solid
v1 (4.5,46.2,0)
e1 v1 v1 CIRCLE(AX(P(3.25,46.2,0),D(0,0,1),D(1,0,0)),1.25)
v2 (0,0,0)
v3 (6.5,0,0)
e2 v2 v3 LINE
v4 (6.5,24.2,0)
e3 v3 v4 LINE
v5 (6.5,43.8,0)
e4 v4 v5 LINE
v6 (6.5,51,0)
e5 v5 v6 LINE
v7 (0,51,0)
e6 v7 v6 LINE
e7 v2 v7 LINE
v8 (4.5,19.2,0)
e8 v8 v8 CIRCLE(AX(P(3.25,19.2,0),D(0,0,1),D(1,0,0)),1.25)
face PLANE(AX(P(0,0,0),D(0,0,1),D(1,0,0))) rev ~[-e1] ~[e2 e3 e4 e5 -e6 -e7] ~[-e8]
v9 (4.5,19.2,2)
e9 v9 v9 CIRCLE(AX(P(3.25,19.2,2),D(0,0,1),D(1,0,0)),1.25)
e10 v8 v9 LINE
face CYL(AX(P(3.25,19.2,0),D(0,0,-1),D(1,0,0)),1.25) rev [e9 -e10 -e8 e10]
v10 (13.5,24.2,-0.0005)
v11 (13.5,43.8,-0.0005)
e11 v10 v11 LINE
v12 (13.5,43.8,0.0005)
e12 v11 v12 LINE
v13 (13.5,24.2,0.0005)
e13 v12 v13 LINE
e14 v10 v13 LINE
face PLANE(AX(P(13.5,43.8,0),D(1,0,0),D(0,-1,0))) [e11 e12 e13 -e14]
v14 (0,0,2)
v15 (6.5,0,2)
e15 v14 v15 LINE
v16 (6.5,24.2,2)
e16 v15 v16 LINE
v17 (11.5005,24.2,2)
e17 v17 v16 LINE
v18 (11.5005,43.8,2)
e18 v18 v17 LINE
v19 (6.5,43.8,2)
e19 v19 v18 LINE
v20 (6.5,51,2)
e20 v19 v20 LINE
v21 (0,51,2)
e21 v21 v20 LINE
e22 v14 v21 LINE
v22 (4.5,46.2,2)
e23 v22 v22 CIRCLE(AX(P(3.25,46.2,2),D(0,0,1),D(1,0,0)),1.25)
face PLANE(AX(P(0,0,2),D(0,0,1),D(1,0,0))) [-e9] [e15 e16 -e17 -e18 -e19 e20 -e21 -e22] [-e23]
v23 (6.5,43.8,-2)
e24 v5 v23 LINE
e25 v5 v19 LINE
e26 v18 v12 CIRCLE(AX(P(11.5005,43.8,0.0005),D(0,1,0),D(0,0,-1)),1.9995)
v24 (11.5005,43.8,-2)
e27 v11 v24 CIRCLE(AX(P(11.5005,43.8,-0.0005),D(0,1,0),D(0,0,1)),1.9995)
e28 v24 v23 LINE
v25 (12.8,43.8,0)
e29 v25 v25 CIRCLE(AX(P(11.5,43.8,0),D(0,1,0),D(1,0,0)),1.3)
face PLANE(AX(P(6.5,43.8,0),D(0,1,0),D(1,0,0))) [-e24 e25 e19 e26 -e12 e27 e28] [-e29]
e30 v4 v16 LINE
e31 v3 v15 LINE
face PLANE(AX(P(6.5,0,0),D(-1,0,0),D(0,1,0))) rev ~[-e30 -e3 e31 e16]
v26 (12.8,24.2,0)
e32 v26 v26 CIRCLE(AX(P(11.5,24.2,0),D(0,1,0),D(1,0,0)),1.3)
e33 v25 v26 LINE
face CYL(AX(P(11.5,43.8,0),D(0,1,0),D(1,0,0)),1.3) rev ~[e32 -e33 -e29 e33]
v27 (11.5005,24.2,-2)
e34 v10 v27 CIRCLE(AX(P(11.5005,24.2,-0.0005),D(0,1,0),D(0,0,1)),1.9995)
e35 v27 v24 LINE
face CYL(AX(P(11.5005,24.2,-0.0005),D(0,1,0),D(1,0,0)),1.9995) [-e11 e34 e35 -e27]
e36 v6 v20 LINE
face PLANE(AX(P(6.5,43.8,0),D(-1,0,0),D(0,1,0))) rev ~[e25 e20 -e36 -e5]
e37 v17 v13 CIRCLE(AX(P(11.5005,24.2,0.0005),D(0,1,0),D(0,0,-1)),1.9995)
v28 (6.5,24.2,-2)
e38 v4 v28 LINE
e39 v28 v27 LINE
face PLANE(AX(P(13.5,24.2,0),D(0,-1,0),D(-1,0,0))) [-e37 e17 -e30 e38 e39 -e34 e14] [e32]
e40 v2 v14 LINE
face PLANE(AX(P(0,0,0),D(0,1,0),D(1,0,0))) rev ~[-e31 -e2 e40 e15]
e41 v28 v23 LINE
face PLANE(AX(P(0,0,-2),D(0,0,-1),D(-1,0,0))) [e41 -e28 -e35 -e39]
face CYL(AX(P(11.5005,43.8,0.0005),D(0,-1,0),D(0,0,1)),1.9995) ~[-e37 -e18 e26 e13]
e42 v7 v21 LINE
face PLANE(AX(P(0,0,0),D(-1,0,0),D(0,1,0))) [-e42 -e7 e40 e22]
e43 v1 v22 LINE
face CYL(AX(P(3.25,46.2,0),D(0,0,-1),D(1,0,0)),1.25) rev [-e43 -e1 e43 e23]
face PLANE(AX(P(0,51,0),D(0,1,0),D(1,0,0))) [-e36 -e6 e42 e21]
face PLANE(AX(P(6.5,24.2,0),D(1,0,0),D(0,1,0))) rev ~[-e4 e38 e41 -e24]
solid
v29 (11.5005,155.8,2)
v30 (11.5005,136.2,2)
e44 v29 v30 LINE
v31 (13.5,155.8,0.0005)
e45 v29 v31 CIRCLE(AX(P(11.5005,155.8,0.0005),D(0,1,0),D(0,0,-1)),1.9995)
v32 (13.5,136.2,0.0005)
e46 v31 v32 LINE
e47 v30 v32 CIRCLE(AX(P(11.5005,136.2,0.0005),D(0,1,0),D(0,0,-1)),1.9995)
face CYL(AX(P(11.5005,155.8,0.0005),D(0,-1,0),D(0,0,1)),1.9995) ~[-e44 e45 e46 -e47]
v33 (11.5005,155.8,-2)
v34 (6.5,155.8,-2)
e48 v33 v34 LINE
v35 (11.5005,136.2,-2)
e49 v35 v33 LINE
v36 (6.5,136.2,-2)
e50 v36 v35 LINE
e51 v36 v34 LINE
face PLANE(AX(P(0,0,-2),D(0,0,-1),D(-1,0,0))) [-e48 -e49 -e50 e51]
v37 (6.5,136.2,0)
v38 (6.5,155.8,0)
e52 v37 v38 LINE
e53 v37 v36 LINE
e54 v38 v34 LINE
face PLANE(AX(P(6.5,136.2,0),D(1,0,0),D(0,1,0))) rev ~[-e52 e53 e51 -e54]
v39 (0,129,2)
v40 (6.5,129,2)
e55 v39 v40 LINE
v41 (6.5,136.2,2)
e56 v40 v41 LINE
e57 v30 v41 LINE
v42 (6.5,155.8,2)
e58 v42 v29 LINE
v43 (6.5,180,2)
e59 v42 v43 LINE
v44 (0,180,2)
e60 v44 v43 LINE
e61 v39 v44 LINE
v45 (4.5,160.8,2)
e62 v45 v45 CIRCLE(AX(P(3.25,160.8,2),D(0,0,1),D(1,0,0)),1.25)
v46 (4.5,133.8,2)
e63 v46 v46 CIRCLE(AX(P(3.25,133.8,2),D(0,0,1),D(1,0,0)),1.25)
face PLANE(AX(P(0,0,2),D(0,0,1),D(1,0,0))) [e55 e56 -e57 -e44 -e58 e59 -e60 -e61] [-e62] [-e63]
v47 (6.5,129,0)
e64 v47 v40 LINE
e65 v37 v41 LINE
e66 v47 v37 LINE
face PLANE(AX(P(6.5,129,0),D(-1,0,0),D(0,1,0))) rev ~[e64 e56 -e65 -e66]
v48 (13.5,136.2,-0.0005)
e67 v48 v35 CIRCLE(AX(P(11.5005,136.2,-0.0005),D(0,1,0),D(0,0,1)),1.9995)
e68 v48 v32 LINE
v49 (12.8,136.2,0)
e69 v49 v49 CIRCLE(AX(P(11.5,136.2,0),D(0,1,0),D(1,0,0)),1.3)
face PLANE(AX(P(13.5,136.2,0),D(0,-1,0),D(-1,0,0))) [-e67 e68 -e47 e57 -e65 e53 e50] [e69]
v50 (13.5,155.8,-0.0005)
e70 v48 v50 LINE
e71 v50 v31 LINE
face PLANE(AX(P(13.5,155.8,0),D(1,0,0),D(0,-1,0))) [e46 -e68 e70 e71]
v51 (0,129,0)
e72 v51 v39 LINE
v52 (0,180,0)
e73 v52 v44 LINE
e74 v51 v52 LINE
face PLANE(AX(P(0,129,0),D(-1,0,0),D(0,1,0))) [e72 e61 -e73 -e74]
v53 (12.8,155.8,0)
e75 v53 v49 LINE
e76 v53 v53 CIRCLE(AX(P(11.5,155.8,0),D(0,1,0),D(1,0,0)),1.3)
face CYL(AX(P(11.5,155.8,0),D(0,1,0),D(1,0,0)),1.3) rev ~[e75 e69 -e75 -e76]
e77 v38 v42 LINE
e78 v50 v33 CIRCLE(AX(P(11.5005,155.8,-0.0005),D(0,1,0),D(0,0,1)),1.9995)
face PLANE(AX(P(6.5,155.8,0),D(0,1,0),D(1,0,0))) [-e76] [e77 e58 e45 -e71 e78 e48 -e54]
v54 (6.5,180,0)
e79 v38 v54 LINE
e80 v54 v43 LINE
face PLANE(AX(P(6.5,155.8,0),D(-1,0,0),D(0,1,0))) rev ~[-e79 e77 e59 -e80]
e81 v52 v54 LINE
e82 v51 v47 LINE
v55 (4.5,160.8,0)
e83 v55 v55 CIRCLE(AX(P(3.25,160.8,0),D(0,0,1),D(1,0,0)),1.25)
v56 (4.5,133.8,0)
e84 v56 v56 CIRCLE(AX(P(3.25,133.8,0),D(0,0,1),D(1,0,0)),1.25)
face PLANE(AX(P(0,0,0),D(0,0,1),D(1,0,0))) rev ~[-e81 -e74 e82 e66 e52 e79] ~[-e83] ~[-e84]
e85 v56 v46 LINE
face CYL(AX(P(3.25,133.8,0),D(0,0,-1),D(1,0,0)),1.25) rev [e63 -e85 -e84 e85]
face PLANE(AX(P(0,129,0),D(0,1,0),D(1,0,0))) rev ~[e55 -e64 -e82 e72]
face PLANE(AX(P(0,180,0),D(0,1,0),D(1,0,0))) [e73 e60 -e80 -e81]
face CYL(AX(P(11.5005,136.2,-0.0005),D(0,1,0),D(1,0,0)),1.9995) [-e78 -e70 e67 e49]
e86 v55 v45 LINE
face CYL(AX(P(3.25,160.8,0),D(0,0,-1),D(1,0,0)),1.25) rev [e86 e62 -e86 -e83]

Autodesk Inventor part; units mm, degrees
ref_plane "YZ Plane" through (0, 0, 0) normal (1, 0, 0) x (0, 1, 0)
ref_plane "XZ Plane" through (0, 0, 0) normal (0, 1, 0) x (-1, 0, 0)
ref_plane "XY Plane" through (0, 0, 0) normal (0, 0, 1) x (1, 0, 0)
sketch "Sketch1" plane through (0, 0, 0) normal (0, 0, 1) x (1, 0, 0)
  circle A0 centre (3.25, 19.2) radius 1.25 projected
  circle A1 centre (3.25, 46.2) radius 1.25 projected
  circle A2 centre (3.25, 133.8) radius 1.25 projected
  circle A3 centre (3.25, 160.8) radius 1.25 projected
  line L0 (0, 0) -> (6.5, 0) projected
  line L1 (6.5, 0) -> (6.5, 180) projected
  line L2 (0, 180) -> (6.5, 180) projected
  line L3 (0, 0) -> (0, 180) projected
  line L4 (6.5, 180) -> (0, 180)
  line L5 (0, 180) -> (0, 129)
  line L6 (0, 129) -> (6.5, 129)
  line L7 (6.5, 129) -> (6.5, 180)
  line L8 (6.5, 0) -> (0, 0)
  line L9 (0, 0) -> (0, 51)
  line L10 (0, 51) -> (6.5, 51)
  line L11 (6.5, 51) -> (6.5, 0)
  line L12 (6.5, 155.8) -> (13.5, 155.8)
  line L13 (13.5, 155.8) -> (13.5, 136.2)
  line L14 (13.5, 136.2) -> (6.5, 136.2)
  line L15 (6.5, 136.2) -> (6.5, 155.8)
  line L16 (6.5, 43.8) -> (13.5, 43.8)
  line L17 (13.5, 43.8) -> (13.5, 24.2)
  line L18 (13.5, 24.2) -> (6.5, 24.2)
  line L19 (6.5, 24.2) -> (6.5, 43.8)
  dimension "d0" = 51
  dimension "d1" = 51
  dimension "d2" = 7
  dimension "d3" = 19.6
  dimension "d4" = 24.2
  dimension "d5" = 7
  dimension "d6" = 19.6
  dimension "d7" = 24.2
extrude "Extrusion1" add sketch "Sketch1" along normal blind 2 contours L3 L10 L1 L0 | L1 L16 L17 L18 | L3 L2 L1 L6 | L1 L12 L13 L14
sketch "Sketch2" plane through (0, 0, 0) normal (0, 0, -1) x (-1, 0, 0)
  line L0 (0, 51) -> (0, 0) projected
  line L1 (-6.5, 51) -> (0, 51) projected
  line L2 (-6.5, 43.8) -> (-6.5, 51) projected
  line L3 (-13.5, 43.8) -> (-6.5, 43.8) projected
  line L4 (-13.5, 24.2) -> (-13.5, 43.8) projected
  line L5 (-6.5, 24.2) -> (-13.5, 24.2) projected
  line L6 (-6.5, 0) -> (-6.5, 24.2) projected
  line L7 (0, 0) -> (-6.5, 0) projected
  circle A0 centre (-3.25, 19.2) radius 1.25 projected
  circle A1 centre (-3.25, 46.2) radius 1.25 projected
  line L8 (-6.5, 129) -> (-6.5, 136.2) projected
  line L9 (0, 129) -> (-6.5, 129) projected
  line L10 (0, 180) -> (0, 129) projected
  line L11 (-6.5, 180) -> (0, 180) projected
  line L12 (-6.5, 155.8) -> (-6.5, 180) projected
  line L13 (-13.5, 155.8) -> (-6.5, 155.8) projected
  line L14 (-13.5, 136.2) -> (-13.5, 155.8) projected
  line L15 (-6.5, 136.2) -> (-13.5, 136.2) projected
  circle A2 centre (-3.25, 133.8) radius 1.25 projected
  circle A3 centre (-3.25, 160.8) radius 1.25 projected
  line L16 (-6.5, 136.2) -> (-6.5, 155.8)
  line L17 (-6.5, 24.2) -> (-6.5, 43.8)
extrude "Extrusion2" add sketch "Sketch2" along normal blind 2 contours L17 L5 L4 L3 | L15 L14 L13 L16
fillet "Fillet1" radius 2 4 edges at (13.5, 34, -2) (13.5, 34, 2) (13.5, 146, -2) (13.5, 146, 2)
sketch "Sketch3" plane through (6.5, 155.8, 0) normal (0, 1, 0) x (1, 0, 0)
  circle A0 centre (5, 0) radius 1.3
  arc A1 (5, -2) -> (5, 2) centre (5, 0) ccw projected
  point P0 (-6.5, 0)
  dimension "d13" = 2.6
extrude "Extrusion3" cut sketch "Sketch3" against normal blind 20
sketch "Sketch4" plane through (6.5, 43.8, 0) normal (0, 1, 0) x (1, 0, 0)
  circle A0 centre (5, 0) radius 1.3 projected
  point P0 (-6.5, 0)
extrude "Extrusion4" cut sketch "Sketch4" against normal blind 20
properties part number "mocowaniedoplugu"
